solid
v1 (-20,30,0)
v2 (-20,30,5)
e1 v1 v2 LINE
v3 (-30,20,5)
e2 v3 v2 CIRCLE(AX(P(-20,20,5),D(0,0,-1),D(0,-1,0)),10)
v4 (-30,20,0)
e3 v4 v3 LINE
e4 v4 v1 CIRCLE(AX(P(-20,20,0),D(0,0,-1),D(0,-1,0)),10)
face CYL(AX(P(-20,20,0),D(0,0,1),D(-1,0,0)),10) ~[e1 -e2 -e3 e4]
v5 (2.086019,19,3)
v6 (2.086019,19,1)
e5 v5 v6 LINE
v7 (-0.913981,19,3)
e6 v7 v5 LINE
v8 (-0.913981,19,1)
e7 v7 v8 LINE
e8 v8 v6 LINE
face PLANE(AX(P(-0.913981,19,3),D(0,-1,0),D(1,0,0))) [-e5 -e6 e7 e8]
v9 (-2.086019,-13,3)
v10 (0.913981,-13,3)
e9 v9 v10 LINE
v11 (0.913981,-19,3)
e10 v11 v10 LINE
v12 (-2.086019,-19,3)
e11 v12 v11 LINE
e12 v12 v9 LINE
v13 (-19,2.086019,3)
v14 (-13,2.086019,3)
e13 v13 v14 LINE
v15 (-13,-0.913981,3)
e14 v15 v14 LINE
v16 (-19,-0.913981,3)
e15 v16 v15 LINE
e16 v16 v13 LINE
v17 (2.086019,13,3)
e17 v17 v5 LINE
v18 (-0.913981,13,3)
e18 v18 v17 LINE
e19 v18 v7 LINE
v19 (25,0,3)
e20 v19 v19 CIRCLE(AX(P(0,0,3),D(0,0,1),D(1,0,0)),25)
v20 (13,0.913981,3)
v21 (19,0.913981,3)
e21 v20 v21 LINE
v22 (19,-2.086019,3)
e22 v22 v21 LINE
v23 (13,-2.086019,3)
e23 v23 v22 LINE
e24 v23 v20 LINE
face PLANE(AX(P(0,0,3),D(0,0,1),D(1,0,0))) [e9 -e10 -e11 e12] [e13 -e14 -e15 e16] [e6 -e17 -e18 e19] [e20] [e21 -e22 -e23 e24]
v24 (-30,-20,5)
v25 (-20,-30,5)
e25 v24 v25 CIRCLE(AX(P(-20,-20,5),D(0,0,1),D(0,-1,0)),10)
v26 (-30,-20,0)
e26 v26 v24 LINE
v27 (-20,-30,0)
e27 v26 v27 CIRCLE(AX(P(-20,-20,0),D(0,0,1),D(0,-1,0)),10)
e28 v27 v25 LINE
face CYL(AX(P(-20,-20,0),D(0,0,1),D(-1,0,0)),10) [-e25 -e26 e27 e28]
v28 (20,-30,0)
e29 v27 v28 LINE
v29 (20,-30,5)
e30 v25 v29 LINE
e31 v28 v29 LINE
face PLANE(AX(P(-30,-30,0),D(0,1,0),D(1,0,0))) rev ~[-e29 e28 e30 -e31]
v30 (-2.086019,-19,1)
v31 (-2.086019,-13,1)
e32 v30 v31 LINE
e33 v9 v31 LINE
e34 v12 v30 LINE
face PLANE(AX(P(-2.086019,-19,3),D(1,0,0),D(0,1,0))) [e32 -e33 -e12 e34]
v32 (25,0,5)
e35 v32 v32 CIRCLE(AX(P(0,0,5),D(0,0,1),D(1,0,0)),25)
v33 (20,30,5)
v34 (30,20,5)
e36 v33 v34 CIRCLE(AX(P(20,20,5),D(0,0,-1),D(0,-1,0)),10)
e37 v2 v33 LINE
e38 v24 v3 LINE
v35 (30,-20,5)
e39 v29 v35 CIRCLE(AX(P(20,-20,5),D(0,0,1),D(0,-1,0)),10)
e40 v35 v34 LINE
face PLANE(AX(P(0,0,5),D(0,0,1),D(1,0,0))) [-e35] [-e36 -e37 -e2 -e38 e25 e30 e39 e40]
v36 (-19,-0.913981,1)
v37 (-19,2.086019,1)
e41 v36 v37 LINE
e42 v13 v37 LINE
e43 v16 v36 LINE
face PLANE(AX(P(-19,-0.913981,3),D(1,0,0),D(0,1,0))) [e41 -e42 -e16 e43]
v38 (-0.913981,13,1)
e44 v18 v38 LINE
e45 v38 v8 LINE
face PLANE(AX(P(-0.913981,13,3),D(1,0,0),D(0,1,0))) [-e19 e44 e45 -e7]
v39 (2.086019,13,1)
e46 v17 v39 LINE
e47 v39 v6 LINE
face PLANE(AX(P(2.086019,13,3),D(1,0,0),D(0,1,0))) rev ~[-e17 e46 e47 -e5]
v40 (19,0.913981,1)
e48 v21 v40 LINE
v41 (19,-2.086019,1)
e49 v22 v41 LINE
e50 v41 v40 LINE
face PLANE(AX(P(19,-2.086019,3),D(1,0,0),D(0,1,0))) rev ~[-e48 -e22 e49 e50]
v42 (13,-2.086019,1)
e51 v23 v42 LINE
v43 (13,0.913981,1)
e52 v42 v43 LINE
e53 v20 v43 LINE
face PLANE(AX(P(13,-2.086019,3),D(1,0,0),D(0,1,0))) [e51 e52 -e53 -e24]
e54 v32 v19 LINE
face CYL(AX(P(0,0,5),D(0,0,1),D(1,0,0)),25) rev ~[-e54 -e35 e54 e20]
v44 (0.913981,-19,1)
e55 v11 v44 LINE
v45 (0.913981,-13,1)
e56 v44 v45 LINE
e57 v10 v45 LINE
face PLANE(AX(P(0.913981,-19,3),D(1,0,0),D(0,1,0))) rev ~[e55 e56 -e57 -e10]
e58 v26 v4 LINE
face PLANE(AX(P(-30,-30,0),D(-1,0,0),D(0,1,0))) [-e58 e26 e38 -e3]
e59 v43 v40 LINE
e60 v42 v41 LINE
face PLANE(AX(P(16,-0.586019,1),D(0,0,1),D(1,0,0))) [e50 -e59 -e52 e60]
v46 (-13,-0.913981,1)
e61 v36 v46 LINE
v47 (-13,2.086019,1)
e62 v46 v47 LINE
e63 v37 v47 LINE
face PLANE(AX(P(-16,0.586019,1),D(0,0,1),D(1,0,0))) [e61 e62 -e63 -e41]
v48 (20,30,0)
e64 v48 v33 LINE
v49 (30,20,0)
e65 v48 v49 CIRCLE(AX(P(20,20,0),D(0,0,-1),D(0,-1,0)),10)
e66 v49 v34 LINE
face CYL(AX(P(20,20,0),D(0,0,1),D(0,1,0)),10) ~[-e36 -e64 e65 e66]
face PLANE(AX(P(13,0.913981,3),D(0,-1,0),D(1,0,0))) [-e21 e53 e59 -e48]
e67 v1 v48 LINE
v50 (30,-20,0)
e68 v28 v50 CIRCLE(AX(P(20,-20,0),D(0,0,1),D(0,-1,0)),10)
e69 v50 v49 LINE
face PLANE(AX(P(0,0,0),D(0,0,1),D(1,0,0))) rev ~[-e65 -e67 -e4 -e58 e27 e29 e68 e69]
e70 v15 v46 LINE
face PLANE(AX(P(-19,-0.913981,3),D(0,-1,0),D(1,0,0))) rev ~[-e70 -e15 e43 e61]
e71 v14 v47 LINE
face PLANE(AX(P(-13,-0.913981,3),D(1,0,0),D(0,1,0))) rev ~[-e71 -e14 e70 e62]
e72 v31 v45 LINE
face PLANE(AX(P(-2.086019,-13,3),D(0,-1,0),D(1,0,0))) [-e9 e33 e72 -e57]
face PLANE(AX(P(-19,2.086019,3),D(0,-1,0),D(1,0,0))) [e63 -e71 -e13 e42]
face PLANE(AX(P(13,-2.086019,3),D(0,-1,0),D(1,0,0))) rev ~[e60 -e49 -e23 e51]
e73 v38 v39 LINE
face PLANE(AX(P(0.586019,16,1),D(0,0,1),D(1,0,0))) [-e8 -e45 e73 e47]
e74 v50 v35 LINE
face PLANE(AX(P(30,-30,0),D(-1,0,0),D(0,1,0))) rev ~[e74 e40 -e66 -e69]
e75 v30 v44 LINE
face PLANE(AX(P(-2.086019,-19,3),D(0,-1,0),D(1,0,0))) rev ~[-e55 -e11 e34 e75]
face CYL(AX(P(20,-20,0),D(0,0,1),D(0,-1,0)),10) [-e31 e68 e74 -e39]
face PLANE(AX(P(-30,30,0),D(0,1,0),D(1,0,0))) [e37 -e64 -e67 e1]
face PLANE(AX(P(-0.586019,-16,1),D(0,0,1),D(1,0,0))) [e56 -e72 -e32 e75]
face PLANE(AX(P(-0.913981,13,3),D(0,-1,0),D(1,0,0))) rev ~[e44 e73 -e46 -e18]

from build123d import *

# Parameters (mm, degrees)
F0_W          = 60
F0_H          = 60
F1_DEPTH      = 5
F2_R          = 25
F3_DEPTH      = 2
F4_W          = 3
F4_H          = 6
F4_W_2        = 6
F4_H_2        = 3
F5_DEPTH      = 2
F5_DEPTH_BACK = 2
F6_R          = 10


with BuildPart() as f1:
    # F0 (on Top) → F1 (new body)
    with BuildSketch(Plane.XY):
        Rectangle(F0_W, F0_H)
    extrude(amount=F1_DEPTH)

    # F2 (on face) → F3 (cut)
    with BuildSketch(Plane.XY.offset(5)):
        Circle(F2_R)
    extrude(amount=-F3_DEPTH, mode=Mode.SUBTRACT)

    # F4 (on face) → F5 (cut, two sides)
    with BuildSketch(Plane.XY.offset(3)) as f5_sk:
        with Locations((-0.586019, -16)):
            Rectangle(F4_W, F4_H)
        with Locations((-16, 0.586019)):
            Rectangle(F4_W_2, F4_H_2)
        with Locations((0.586019, 16)):
            Rectangle(F4_W, F4_H)
        with Locations((16, -0.586019)):
            Rectangle(F4_W_2, F4_H_2)
    extrude(amount=F5_DEPTH, mode=Mode.SUBTRACT)
    extrude(f5_sk.sketch, amount=-F5_DEPTH_BACK, mode=Mode.SUBTRACT)

    # F6
    f6_edges = [f1.edges().sort_by_distance(p)[0] for p in [
        (-30, 30, 2.5),
        (-30, -30, 2.5),
        (30, -30, 2.5),
        (30, 30, 2.5),
    ]]
    fillet(f6_edges, radius=F6_R)


solid = f1.part
